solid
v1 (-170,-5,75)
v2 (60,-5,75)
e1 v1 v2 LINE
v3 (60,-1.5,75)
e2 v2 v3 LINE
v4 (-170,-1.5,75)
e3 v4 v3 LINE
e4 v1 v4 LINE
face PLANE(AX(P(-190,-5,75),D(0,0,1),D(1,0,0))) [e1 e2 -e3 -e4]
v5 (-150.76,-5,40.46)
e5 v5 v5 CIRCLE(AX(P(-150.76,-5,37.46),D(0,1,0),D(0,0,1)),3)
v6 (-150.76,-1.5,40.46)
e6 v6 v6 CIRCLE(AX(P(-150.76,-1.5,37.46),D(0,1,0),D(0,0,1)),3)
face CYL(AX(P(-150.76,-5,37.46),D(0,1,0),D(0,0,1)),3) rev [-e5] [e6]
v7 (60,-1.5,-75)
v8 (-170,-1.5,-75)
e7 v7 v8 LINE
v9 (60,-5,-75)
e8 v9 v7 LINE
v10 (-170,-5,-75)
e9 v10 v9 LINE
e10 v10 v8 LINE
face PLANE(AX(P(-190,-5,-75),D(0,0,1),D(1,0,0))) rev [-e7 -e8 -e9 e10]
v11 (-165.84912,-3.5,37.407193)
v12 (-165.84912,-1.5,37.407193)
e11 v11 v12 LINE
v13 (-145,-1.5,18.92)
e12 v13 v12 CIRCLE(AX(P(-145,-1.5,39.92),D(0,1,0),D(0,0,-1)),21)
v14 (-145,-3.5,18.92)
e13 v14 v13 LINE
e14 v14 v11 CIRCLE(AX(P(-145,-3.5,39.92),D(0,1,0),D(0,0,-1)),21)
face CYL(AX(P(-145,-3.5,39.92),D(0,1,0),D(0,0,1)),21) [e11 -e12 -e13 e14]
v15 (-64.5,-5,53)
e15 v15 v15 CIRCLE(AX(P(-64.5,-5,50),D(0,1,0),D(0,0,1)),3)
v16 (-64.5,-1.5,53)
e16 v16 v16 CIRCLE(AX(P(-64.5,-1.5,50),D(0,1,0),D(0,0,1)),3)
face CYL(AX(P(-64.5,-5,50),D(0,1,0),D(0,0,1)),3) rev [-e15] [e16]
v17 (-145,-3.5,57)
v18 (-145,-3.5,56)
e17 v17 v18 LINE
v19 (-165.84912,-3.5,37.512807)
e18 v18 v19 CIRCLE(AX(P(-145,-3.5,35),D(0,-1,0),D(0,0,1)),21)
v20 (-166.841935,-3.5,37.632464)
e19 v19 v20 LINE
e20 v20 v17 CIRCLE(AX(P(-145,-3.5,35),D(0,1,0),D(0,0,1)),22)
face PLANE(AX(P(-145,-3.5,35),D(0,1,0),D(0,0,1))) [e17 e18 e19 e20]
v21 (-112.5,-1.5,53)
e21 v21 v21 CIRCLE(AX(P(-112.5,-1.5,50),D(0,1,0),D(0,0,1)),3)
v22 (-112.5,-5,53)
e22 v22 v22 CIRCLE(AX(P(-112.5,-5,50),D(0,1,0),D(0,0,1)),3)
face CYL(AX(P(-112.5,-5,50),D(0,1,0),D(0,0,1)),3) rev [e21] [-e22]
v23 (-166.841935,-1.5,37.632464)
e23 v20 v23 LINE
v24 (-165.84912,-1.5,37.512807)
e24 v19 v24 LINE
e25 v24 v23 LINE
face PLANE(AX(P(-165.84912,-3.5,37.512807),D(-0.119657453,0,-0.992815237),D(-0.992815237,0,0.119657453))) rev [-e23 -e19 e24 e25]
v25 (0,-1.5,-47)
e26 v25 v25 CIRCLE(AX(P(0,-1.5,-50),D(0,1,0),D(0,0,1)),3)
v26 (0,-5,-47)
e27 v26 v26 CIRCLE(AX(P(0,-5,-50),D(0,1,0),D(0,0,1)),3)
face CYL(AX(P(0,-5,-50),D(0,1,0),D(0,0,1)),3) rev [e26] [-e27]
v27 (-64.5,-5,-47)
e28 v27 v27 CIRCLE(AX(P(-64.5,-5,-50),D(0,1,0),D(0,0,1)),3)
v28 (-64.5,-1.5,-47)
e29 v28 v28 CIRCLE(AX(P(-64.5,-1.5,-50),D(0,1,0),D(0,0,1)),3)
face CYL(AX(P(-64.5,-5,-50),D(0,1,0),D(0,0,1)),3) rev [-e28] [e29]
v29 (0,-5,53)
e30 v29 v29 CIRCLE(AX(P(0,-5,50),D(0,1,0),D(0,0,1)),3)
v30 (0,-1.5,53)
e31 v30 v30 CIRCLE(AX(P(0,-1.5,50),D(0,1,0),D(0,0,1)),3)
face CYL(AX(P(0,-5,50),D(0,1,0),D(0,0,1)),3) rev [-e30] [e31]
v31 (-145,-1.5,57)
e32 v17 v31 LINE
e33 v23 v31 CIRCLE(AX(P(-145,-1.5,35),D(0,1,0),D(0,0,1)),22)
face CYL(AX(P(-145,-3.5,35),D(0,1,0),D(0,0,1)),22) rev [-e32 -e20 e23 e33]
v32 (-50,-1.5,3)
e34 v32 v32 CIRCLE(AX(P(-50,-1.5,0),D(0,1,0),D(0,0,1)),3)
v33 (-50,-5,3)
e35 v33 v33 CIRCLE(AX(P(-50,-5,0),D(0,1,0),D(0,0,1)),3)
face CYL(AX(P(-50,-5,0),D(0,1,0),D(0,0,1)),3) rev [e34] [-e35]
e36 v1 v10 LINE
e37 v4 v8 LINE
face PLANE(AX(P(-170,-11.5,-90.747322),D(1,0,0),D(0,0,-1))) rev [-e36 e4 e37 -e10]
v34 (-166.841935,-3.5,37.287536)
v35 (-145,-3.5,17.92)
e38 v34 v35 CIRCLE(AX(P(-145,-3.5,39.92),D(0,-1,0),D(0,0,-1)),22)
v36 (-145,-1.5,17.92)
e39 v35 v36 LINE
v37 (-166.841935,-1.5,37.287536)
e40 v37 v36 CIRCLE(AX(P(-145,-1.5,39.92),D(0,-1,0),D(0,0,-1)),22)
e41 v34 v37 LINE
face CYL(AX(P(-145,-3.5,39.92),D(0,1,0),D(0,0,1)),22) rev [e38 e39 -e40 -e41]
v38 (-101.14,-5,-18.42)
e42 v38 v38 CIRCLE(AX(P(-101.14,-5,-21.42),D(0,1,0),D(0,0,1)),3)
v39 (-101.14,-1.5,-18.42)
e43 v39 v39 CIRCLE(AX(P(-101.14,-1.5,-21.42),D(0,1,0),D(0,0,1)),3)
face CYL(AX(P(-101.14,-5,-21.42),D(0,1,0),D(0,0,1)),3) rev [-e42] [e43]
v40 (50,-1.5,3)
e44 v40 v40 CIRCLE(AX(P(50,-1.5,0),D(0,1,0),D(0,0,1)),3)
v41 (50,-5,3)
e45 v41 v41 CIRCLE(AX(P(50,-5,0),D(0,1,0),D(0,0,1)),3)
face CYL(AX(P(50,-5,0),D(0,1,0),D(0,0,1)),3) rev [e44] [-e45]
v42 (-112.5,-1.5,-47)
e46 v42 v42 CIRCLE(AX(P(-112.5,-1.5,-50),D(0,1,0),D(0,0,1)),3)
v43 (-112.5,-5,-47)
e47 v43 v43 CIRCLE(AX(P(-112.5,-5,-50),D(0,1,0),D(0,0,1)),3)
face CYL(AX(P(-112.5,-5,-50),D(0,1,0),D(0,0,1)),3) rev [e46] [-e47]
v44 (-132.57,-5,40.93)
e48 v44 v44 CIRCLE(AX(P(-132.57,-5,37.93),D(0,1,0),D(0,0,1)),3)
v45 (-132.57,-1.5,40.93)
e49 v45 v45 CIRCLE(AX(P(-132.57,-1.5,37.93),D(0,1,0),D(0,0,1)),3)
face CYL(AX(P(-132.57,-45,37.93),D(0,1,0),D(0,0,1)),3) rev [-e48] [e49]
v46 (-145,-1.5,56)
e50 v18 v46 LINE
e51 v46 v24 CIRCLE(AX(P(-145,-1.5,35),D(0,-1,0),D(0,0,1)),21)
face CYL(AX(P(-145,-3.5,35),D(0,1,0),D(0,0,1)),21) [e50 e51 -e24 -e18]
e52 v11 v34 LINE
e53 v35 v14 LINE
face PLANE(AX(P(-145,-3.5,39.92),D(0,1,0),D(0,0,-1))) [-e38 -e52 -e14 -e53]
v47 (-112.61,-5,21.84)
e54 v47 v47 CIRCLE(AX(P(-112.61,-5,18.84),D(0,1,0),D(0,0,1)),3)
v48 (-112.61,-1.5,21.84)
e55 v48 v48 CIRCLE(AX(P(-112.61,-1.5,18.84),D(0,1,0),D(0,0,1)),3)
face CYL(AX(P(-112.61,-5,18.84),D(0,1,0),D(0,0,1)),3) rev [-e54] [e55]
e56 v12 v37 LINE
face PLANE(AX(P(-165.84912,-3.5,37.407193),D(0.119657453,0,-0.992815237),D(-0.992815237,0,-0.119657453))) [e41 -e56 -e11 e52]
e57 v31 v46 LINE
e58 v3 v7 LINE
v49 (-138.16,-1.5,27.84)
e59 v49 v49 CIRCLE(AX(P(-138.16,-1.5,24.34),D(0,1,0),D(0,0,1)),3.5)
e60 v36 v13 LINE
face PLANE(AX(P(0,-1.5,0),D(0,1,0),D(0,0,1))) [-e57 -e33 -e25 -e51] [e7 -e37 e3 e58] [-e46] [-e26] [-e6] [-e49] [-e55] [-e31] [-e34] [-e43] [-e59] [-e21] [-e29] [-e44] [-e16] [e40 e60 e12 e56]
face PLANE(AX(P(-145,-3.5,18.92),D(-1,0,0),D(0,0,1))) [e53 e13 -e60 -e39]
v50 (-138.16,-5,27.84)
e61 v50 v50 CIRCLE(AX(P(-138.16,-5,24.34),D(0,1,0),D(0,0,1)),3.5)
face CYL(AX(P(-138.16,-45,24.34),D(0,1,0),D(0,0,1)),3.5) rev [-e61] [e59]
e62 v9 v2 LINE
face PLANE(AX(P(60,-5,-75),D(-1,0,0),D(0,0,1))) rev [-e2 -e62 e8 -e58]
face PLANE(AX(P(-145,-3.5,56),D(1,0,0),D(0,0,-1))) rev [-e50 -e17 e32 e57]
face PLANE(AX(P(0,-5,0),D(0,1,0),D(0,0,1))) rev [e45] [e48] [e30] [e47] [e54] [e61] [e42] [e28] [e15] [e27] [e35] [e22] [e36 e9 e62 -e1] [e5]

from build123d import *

# Parameters (mm, degrees)
SKETCH_1_W           = 250
SKETCH_1_H           = 150
EXTRUDE_1_DEPTH      = 5
SKETCH_1_4_R         = 3
CUT_EXTRUDE_1_DEPTH  = 5
SKETCH_1_5_R         = 3
CUT_EXTRUDE_2_DEPTH  = 5
SKETCH_1_6_R         = 3
CUT_EXTRUDE_3_DEPTH  = 5
SKETCH_1_7_R         = 3
CUT_EXTRUDE_4_DEPTH  = 5
SKETCH_2_R           = 3
CUT_EXTRUDE_5_DEPTH  = 5
SKETCH_3_R           = 3
CUT_EXTRUDE_6_DEPTH  = 45
SKETCH_3_3_R         = 3.5
CUT_EXTRUDE_7_DEPTH  = 45
SKETCH_4_R           = 3
CUT_EXTRUDE_8_DEPTH  = 5
SKETCH_4_3_R         = 3
CUT_EXTRUDE_9_DEPTH  = 5
SKETCH_5_R           = 3
CUT_EXTRUDE_10_DEPTH = 5
SKETCH_6_W           = 250
SKETCH_6_H           = 150
SKETCH_6_R           = 3
SKETCH_6_R_2         = 3.5
CUT_EXTRUDE_11_DEPTH = 1.5
SKETCH_7_R           = 3
CUT_EXTRUDE_12_DEPTH = 205.296965225
SKETCH_8_W           = 82.621849766
SKETCH_8_H           = 181.309059209
CUT_EXTRUDE_13_DEPTH = 10
CUT_EXTRUDE_14_DEPTH = 2


with BuildPart() as part:
    # 草圖1 → 填料-伸長1 (new body)
    with BuildSketch(Plane(origin=(0, 0, 0), x_dir=(1, 0, 0), z_dir=(0, 1, 0))):
        with Locations((-65, 0)):
            Rectangle(SKETCH_1_W, SKETCH_1_H)
    extrude(amount=-EXTRUDE_1_DEPTH)

    # 草圖1<4> → 除料-伸長1 (cut)
    with BuildSketch(Plane(origin=(0, 0, 0), x_dir=(1, 0, 0), z_dir=(0, 1, 0))):
        with Locations((0, 50)):
            Circle(SKETCH_1_4_R)
    extrude(amount=-CUT_EXTRUDE_1_DEPTH, mode=Mode.SUBTRACT)

    # 草圖1<5> → 除料-伸長2 (cut)
    with BuildSketch(Plane(origin=(0, 0, 0), x_dir=(1, 0, 0), z_dir=(0, 1, 0))):
        with Locations((-50, 0)):
            Circle(SKETCH_1_5_R)
    extrude(amount=-CUT_EXTRUDE_2_DEPTH, mode=Mode.SUBTRACT)

    # 草圖1<6> → 除料-伸長3 (cut)
    with BuildSketch(Plane(origin=(0, 0, 0), x_dir=(1, 0, 0), z_dir=(0, 1, 0))):
        with Locations((0, -50)):
            Circle(SKETCH_1_6_R)
    extrude(amount=-CUT_EXTRUDE_3_DEPTH, mode=Mode.SUBTRACT)

    # 草圖1<7> → 除料-伸長4 (cut)
    with BuildSketch(Plane(origin=(0, 0, 0), x_dir=(1, 0, 0), z_dir=(0, 1, 0))):
        with Locations((50, 0)):
            Circle(SKETCH_1_7_R)
    extrude(amount=-CUT_EXTRUDE_4_DEPTH, mode=Mode.SUBTRACT)

    # 草圖2 → 除料-伸長5 (cut)
    with BuildSketch(Plane(origin=(0, 0, 0), x_dir=(1, 0, 0), z_dir=(0, 1, 0))):
        with Locations((-150.76, -37.46)):
            Circle(SKETCH_2_R)
    extrude(amount=-CUT_EXTRUDE_5_DEPTH, mode=Mode.SUBTRACT)

    # 草圖3 → 除料-伸長6 (cut)
    with BuildSketch(Plane(origin=(0, 0, 0), x_dir=(1, 0, 0), z_dir=(0, 1, 0))):
        with Locations((-132.57, -37.93)):
            Circle(SKETCH_3_R)
    extrude(amount=-CUT_EXTRUDE_6_DEPTH, mode=Mode.SUBTRACT)

    # 草圖3<3> → 除料-伸長7 (cut)
    with BuildSketch(Plane(origin=(0, 0, 0), x_dir=(1, 0, 0), z_dir=(0, 1, 0))):
        with Locations((-138.16, -24.34)):
            Circle(SKETCH_3_3_R)
    extrude(amount=-CUT_EXTRUDE_7_DEPTH, mode=Mode.SUBTRACT)

    # 草圖4 → 除料-伸長8 (cut)
    with BuildSketch(Plane(origin=(0, 0, 0), x_dir=(1, 0, 0), z_dir=(0, 1, 0))):
        with Locations((-112.5, -50)):
            Circle(SKETCH_4_R)
    extrude(amount=-CUT_EXTRUDE_8_DEPTH, mode=Mode.SUBTRACT)

    # 草圖4<3> → 除料-伸長9 (cut)
    with BuildSketch(Plane(origin=(0, 0, 0), x_dir=(1, 0, 0), z_dir=(0, 1, 0))):
        with Locations((-64.5, -50)):
            Circle(SKETCH_4_3_R)
    extrude(amount=-CUT_EXTRUDE_9_DEPTH, mode=Mode.SUBTRACT)

    # 草圖5 → 除料-伸長10 (cut)
    with BuildSketch(Plane(origin=(0, 0, 0), x_dir=(1, 0, 0), z_dir=(0, 1, 0))):
        with Locations((-112.61, -18.84)):
            Circle(SKETCH_5_R)
        with Locations((-101.14, 21.42)):
            Circle(SKETCH_5_R)
    extrude(amount=-CUT_EXTRUDE_10_DEPTH, mode=Mode.SUBTRACT)

    # 草圖6 → 除料-伸長11 (cut)
    with BuildSketch(Plane(origin=(0, 0, 0), x_dir=(1, 0, 0), z_dir=(0, 1, 0))):
        with Locations((-65, 0)):
            Rectangle(SKETCH_6_W, SKETCH_6_H)
        with Locations((-150.76, -37.46)):
            Circle(SKETCH_6_R, mode=Mode.SUBTRACT)
        with Locations((-138.16, -24.34)):
            Circle(SKETCH_6_R_2, mode=Mode.SUBTRACT)
        with Locations((-132.57, -37.93)):
            Circle(SKETCH_6_R, mode=Mode.SUBTRACT)
        with Locations((-112.61, -18.84)):
            Circle(SKETCH_6_R, mode=Mode.SUBTRACT)
        with Locations((-112.5, -50)):
            Circle(SKETCH_6_R, mode=Mode.SUBTRACT)
        with Locations((-101.14, 21.42)):
            Circle(SKETCH_6_R, mode=Mode.SUBTRACT)
        with Locations((-50, 0)):
            Circle(SKETCH_6_R, mode=Mode.SUBTRACT)
        with Locations((-64.5, -50)):
            Circle(SKETCH_6_R, mode=Mode.SUBTRACT)
        with Locations((0, 50)):
            Circle(SKETCH_6_R, mode=Mode.SUBTRACT)
        with Locations((0, -50)):
            Circle(SKETCH_6_R, mode=Mode.SUBTRACT)
        with Locations((50, 0)):
            Circle(SKETCH_6_R, mode=Mode.SUBTRACT)
    extrude(amount=-CUT_EXTRUDE_11_DEPTH, mode=Mode.SUBTRACT)

    # 草圖7 → 除料-伸長12 (cut, through all)
    with BuildSketch(Plane(origin=(0, -1.5, 0), x_dir=(1, 0, 0), z_dir=(0, 1, 0))):
        with Locations((-64.5, 50)):
            Circle(SKETCH_7_R)
        with Locations((-112.5, 50)):
            Circle(SKETCH_7_R)
        with Locations((-64.5, -50)):
            Circle(SKETCH_7_R)
        with Locations((-112.5, -50)):
            Circle(SKETCH_7_R)
    extrude(amount=-CUT_EXTRUDE_12_DEPTH, mode=Mode.SUBTRACT)

    # 草圖8 → 除料-伸長13 (cut)
    with BuildSketch(Plane(origin=(0, -1.5, 0), x_dir=(1, 0, 0), z_dir=(0, 1, 0))):
        with Locations((-211.310924883, 0.092792435)):
            Rectangle(SKETCH_8_W, SKETCH_8_H)
    extrude(amount=-CUT_EXTRUDE_13_DEPTH, mode=Mode.SUBTRACT)

    # 草圖11 → 除料-伸長14 (cut)
    with BuildSketch(Plane(origin=(0, -1.5, 0), x_dir=(1, 0, 0), z_dir=(0, 1, 0))):
        with BuildLine():
            Line((-165.849119967, -37.512806521), (-166.841935203, -37.632463975))
            ThreePointArc((-166.841935203, -37.632463975), (-159.595989048, -51.4607747), (-145, -57))
            Line((-145, -57), (-145, -56))
            ThreePointArc((-145, -56), (-158.932535, -50.712557668), (-165.849119967, -37.512806521))
        make_face()
    cut_extrude_14 = extrude(amount=-CUT_EXTRUDE_14_DEPTH, mode=Mode.SUBTRACT)

    # 鏡射1: 除料-伸長14 across plane
    add(cut_extrude_14.mirror(Plane.XY.offset(37.46)), mode=Mode.SUBTRACT)


solid = part.part
